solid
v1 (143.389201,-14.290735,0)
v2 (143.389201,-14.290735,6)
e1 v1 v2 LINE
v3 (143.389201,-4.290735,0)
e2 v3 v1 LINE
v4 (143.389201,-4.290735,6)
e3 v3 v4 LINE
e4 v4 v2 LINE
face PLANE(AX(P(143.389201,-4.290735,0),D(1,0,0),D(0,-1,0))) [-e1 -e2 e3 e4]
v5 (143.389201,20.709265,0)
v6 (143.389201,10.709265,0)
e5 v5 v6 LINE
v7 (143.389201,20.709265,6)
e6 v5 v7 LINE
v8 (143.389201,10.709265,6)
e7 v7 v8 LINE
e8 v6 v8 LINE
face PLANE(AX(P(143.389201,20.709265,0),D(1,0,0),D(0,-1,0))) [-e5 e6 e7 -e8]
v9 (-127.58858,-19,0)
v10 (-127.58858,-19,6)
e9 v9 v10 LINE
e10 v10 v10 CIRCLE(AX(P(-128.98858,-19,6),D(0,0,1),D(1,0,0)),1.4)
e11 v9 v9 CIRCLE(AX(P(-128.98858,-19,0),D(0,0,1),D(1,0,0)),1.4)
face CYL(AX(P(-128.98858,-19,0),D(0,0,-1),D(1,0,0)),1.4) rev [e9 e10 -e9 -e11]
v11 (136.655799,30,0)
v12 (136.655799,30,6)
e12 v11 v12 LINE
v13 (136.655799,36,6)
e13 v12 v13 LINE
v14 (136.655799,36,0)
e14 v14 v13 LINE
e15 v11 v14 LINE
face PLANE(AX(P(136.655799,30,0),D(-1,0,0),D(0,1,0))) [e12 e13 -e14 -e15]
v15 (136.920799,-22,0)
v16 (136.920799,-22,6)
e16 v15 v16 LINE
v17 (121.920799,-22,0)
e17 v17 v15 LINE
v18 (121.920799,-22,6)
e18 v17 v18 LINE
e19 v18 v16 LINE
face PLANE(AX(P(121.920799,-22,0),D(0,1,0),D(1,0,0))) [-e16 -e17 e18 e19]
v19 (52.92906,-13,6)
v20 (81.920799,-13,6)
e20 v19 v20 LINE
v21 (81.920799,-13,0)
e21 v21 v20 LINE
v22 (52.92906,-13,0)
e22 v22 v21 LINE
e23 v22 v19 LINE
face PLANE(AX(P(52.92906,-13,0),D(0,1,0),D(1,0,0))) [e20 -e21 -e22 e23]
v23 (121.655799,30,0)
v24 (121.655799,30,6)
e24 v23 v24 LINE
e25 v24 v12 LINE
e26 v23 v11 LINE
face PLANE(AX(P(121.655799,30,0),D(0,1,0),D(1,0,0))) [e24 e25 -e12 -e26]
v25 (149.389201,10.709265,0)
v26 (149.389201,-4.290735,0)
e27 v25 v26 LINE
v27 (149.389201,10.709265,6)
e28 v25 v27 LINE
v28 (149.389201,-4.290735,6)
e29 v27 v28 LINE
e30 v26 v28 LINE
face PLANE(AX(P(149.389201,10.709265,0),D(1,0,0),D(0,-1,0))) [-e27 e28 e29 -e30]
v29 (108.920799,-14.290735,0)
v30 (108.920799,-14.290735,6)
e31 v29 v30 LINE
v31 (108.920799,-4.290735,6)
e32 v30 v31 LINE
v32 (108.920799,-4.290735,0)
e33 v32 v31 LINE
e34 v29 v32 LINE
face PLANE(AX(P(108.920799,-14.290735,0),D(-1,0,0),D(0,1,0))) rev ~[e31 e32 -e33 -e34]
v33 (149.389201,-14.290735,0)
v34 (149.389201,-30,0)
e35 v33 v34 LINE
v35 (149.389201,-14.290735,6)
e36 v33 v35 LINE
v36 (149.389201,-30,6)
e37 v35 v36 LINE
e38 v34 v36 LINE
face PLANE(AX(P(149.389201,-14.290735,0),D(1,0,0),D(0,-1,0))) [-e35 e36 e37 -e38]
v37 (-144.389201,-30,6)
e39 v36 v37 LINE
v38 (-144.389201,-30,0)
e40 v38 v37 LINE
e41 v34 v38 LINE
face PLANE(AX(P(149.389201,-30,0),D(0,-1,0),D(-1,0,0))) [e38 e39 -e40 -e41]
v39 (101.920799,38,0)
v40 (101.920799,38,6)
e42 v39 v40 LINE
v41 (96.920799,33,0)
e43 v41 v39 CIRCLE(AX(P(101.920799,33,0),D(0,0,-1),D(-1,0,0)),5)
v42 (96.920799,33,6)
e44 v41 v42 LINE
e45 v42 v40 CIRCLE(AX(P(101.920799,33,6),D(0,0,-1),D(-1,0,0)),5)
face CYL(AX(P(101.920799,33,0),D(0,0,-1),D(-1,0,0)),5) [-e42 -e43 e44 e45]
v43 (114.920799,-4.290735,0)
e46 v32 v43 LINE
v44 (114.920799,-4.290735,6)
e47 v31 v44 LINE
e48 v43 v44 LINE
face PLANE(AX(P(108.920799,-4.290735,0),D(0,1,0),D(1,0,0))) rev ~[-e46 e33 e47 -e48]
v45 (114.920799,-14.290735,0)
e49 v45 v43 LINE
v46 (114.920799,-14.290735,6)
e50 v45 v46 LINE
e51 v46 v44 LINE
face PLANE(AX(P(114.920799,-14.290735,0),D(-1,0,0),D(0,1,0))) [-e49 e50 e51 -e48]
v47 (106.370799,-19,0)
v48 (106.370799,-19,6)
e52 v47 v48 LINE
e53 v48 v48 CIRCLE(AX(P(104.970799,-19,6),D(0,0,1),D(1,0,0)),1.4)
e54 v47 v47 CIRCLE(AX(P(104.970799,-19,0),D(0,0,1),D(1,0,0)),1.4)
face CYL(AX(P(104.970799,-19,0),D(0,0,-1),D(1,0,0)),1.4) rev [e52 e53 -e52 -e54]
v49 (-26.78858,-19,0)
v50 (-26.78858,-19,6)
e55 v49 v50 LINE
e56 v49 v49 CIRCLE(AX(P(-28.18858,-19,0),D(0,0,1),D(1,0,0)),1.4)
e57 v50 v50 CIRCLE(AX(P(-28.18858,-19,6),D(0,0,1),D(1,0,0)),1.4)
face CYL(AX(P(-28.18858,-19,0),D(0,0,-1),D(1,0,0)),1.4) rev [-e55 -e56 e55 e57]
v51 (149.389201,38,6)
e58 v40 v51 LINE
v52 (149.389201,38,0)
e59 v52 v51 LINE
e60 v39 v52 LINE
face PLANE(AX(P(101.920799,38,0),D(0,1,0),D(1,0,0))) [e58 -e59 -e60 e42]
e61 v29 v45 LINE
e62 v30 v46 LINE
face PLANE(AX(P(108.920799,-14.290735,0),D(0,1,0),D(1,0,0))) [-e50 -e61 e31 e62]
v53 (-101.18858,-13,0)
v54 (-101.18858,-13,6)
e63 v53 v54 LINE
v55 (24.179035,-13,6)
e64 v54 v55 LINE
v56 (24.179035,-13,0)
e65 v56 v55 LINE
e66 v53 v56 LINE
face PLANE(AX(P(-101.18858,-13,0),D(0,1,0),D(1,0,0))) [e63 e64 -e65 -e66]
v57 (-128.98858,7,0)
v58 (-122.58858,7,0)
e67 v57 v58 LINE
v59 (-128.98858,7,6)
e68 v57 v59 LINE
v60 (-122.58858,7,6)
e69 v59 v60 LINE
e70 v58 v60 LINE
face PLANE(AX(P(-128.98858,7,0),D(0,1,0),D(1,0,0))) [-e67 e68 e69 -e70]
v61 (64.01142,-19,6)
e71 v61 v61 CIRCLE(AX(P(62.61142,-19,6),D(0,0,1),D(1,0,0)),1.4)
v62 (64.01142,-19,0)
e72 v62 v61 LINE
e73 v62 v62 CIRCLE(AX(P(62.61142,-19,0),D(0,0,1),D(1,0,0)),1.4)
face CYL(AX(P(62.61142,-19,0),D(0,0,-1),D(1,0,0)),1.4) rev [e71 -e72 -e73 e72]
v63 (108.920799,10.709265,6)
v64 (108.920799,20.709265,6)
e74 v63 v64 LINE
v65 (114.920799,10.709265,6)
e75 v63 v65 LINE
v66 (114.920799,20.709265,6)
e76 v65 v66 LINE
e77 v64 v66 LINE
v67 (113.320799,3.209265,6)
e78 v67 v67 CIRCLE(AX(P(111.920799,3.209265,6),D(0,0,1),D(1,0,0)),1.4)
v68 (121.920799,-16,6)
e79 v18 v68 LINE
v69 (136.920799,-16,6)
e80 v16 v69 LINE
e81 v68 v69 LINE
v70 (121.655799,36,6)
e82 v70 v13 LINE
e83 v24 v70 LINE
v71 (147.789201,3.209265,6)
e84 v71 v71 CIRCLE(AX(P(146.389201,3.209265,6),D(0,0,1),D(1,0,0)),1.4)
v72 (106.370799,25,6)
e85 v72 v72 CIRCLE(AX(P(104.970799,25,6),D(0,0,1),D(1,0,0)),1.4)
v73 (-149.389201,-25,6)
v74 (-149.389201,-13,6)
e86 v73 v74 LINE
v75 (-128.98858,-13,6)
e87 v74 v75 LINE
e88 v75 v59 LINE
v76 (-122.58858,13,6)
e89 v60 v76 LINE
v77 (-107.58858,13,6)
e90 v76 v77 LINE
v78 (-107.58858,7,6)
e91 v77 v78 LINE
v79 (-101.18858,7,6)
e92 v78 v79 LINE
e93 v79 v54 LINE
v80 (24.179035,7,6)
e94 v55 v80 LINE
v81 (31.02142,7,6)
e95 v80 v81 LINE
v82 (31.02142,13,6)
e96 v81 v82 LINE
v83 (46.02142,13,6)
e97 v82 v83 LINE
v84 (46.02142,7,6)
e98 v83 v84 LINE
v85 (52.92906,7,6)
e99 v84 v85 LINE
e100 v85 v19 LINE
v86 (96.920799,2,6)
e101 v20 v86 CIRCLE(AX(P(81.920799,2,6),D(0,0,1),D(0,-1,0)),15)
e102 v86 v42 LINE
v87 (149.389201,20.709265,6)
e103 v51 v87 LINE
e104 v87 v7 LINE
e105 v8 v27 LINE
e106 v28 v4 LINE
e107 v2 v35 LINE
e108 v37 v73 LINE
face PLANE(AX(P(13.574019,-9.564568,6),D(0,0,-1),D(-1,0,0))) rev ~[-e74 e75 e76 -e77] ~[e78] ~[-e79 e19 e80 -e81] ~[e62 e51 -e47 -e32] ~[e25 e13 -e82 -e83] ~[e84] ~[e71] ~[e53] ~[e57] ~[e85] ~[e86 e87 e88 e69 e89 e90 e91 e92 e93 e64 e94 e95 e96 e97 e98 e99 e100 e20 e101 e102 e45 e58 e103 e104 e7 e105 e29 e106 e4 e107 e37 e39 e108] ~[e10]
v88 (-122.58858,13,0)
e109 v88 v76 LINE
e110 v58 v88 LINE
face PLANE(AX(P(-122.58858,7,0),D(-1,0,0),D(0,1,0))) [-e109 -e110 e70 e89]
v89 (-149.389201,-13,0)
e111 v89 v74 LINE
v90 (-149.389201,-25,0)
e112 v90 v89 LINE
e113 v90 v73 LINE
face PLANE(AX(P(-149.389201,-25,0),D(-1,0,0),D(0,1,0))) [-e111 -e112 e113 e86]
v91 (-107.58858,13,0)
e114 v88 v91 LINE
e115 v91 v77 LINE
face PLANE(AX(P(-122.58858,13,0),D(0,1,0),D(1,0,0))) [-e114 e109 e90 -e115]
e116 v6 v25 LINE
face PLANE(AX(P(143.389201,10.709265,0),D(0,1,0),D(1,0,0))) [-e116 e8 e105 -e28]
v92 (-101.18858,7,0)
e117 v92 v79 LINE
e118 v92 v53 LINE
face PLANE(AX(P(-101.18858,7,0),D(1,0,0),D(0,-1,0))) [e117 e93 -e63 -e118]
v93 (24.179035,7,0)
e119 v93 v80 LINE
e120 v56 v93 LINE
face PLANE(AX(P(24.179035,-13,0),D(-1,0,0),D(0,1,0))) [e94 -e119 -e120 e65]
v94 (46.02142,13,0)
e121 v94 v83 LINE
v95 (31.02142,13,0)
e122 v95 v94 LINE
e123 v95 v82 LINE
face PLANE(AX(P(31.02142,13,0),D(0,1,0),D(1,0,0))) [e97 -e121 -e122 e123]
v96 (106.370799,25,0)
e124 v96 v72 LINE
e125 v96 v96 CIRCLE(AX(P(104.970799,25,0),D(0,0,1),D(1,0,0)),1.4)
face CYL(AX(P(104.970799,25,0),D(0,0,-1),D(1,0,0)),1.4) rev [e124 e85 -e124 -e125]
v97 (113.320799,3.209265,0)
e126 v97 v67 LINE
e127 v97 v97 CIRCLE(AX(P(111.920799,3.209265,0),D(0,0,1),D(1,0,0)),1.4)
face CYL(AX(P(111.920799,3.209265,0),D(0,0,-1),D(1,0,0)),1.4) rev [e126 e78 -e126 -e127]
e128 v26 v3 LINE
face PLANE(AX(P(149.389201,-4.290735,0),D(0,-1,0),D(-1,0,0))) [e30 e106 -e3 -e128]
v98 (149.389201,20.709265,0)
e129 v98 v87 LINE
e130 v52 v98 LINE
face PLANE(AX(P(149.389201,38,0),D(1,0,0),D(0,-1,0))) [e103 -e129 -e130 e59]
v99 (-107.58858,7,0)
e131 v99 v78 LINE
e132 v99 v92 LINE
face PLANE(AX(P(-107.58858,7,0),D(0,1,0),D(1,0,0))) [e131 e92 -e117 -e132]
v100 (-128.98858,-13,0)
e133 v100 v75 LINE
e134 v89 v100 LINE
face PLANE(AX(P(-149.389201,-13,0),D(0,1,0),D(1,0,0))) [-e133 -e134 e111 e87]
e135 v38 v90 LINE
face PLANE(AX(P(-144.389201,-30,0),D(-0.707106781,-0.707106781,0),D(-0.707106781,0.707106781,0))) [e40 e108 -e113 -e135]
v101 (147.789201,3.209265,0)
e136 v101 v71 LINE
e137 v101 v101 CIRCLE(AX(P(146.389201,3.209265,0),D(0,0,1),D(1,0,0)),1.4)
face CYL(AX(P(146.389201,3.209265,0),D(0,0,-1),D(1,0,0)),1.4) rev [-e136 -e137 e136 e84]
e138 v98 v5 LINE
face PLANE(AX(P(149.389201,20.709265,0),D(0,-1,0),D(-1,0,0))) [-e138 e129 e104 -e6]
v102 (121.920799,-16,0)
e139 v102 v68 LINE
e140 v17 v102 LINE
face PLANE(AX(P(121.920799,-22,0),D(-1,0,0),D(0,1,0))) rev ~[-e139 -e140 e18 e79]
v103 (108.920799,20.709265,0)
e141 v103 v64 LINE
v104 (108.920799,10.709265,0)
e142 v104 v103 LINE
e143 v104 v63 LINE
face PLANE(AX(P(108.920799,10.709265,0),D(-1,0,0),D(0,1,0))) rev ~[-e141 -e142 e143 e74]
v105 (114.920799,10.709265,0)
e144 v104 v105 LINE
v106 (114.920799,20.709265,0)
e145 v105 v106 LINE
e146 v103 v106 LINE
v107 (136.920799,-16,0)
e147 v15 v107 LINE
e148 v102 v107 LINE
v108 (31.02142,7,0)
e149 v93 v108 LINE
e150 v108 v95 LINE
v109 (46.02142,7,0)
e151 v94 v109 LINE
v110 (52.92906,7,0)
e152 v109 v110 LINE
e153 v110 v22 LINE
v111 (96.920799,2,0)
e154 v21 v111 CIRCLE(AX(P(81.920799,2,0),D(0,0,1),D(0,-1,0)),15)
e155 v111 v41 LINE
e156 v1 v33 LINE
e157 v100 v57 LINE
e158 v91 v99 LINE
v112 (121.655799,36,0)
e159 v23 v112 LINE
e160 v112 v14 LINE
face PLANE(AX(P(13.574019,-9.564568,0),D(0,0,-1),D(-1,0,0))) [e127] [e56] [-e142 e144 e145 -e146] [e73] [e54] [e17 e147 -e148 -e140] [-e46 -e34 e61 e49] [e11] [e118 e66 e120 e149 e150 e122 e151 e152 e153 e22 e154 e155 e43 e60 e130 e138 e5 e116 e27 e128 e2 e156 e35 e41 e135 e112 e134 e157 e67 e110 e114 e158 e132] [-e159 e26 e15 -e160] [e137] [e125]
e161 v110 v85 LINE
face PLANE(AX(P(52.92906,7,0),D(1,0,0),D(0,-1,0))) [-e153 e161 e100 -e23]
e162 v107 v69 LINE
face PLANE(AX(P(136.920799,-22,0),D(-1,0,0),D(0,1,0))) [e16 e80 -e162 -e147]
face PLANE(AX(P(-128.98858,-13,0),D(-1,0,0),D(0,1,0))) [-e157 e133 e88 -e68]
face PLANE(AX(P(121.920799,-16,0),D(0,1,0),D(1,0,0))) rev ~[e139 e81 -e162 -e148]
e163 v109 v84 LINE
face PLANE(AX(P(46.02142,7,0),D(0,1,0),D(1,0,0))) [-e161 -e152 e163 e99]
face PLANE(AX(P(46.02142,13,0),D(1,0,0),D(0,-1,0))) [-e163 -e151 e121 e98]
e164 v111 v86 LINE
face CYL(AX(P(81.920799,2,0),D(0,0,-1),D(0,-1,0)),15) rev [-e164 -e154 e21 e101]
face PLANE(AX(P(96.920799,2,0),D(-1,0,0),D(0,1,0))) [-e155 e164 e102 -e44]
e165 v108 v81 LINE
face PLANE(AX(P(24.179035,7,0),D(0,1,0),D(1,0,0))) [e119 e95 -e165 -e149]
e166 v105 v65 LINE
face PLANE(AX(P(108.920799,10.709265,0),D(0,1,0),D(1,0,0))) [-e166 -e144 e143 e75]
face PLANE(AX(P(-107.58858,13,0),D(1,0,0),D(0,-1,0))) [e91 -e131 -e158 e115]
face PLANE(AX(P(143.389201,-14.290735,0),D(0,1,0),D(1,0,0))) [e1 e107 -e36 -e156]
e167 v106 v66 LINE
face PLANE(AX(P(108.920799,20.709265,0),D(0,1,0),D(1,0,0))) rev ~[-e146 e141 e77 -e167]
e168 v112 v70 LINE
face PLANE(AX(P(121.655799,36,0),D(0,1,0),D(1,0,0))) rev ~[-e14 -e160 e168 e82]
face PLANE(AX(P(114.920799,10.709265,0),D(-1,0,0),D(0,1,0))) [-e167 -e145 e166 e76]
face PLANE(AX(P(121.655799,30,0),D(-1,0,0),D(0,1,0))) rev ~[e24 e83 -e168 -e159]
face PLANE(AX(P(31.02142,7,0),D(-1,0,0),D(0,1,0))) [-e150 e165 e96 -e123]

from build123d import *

# Parameters (mm, degrees)
SKETCH_1_R      = 1.4
SKETCH_1_W      = 15
SKETCH_1_H      = 6
SKETCH_1_W_2    = 6
SKETCH_1_H_2    = 10
EXTRUDE_1_DEPTH = 6


with BuildPart() as part:
    # Эскиз1 → Бобышка-Вытянуть1 (new body)
    with BuildSketch(Plane.XY):
        with BuildLine():
            Line((96.920798757, 2), (96.920798757, 25))
            Line((96.920798757, 25), (96.920798757, 33))
            ThreePointArc((96.920798757, 33), (98.385264851, 36.535533906), (101.920798757, 38))
            Line((101.920798757, 38), (149.389201243, 38))
            Line((149.389201243, 38), (149.389201243, 30))
            Line((149.389201243, 30), (149.389201243, 20.709265489))
            Line((149.389201243, 20.709265489), (143.389201243, 20.709265489))
            Line((143.389201243, 20.709265489), (143.389201243, 10.709265489))
            Line((143.389201243, 10.709265489), (149.389201243, 10.709265489))
            Line((149.389201243, 10.709265489), (149.389201243, -4.290734511))
            Line((149.389201243, -4.290734511), (143.389201243, -4.290734511))
            Line((143.389201243, -4.290734511), (143.389201243, -14.290734511))
            Line((143.389201243, -14.290734511), (149.389201243, -14.290734511))
            Line((149.389201243, -14.290734511), (149.389201243, -30))
            Line((149.389201243, -30), (-144.389201243, -30))
            Line((-144.389201243, -30), (-149.389201243, -25))
            Line((-149.389201243, -25), (-149.389201243, -13))
            Line((-149.389201243, -13), (-128.98858016, -13))
            Line((-128.98858016, -13), (-128.98858016, 7))
            Line((-128.98858016, 7), (-122.58858016, 7))
            Line((-122.58858016, 7), (-122.58858016, 13))
            Line((-122.58858016, 13), (-107.58858016, 13))
            Line((-107.58858016, 13), (-107.58858016, 7))
            Line((-107.58858016, 7), (-101.18858016, 7))
            Line((-101.18858016, 7), (-101.18858016, -13))
            Line((-101.18858016, -13), (24.179035237, -13))
            Line((24.179035237, -13), (24.179035237, 7))
            Line((24.179035237, 7), (31.021419837, 7))
            Line((31.021419837, 7), (31.021419837, 13))
            Line((31.021419837, 13), (46.021419837, 13))
            Line((46.021419837, 13), (46.021419837, 7))
            Line((46.021419837, 7), (52.929060017, 7))
            Line((52.929060017, 7), (52.929060017, -13))
            Line((52.929060017, -13), (81.920798757, -13))
            ThreePointArc((81.920798757, -13), (92.527400475, -8.606601718), (96.920798757, 2))
        make_face()
        with Locations((104.970798757, -19)):
            Circle(SKETCH_1_R, mode=Mode.SUBTRACT)
        with Locations((104.970798757, 25)):
            Circle(SKETCH_1_R, mode=Mode.SUBTRACT)
        with Locations((111.920798757, 3.209265489)):
            Circle(SKETCH_1_R, mode=Mode.SUBTRACT)
        with Locations((146.389201243, 3.209265489)):
            Circle(SKETCH_1_R, mode=Mode.SUBTRACT)
        with Locations((-128.98858016, -19)):
            Circle(SKETCH_1_R, mode=Mode.SUBTRACT)
        with Locations((-28.18858016, -19)):
            Circle(SKETCH_1_R, mode=Mode.SUBTRACT)
        with Locations((62.61141984, -19)):
            Circle(SKETCH_1_R, mode=Mode.SUBTRACT)
        with Locations((129.420798757, -19)):
            Rectangle(SKETCH_1_W, SKETCH_1_H, mode=Mode.SUBTRACT)
        with Locations((111.920798757, 15.709265489)):
            Rectangle(SKETCH_1_W_2, SKETCH_1_H_2, mode=Mode.SUBTRACT)
        with Locations((111.920798757, -9.290734511)):
            Rectangle(SKETCH_1_W_2, SKETCH_1_H_2, mode=Mode.SUBTRACT)
        with Locations((129.155798757, 33)):
            Rectangle(SKETCH_1_W, SKETCH_1_H, mode=Mode.SUBTRACT)
    extrude(amount=EXTRUDE_1_DEPTH)


solid = part.part
